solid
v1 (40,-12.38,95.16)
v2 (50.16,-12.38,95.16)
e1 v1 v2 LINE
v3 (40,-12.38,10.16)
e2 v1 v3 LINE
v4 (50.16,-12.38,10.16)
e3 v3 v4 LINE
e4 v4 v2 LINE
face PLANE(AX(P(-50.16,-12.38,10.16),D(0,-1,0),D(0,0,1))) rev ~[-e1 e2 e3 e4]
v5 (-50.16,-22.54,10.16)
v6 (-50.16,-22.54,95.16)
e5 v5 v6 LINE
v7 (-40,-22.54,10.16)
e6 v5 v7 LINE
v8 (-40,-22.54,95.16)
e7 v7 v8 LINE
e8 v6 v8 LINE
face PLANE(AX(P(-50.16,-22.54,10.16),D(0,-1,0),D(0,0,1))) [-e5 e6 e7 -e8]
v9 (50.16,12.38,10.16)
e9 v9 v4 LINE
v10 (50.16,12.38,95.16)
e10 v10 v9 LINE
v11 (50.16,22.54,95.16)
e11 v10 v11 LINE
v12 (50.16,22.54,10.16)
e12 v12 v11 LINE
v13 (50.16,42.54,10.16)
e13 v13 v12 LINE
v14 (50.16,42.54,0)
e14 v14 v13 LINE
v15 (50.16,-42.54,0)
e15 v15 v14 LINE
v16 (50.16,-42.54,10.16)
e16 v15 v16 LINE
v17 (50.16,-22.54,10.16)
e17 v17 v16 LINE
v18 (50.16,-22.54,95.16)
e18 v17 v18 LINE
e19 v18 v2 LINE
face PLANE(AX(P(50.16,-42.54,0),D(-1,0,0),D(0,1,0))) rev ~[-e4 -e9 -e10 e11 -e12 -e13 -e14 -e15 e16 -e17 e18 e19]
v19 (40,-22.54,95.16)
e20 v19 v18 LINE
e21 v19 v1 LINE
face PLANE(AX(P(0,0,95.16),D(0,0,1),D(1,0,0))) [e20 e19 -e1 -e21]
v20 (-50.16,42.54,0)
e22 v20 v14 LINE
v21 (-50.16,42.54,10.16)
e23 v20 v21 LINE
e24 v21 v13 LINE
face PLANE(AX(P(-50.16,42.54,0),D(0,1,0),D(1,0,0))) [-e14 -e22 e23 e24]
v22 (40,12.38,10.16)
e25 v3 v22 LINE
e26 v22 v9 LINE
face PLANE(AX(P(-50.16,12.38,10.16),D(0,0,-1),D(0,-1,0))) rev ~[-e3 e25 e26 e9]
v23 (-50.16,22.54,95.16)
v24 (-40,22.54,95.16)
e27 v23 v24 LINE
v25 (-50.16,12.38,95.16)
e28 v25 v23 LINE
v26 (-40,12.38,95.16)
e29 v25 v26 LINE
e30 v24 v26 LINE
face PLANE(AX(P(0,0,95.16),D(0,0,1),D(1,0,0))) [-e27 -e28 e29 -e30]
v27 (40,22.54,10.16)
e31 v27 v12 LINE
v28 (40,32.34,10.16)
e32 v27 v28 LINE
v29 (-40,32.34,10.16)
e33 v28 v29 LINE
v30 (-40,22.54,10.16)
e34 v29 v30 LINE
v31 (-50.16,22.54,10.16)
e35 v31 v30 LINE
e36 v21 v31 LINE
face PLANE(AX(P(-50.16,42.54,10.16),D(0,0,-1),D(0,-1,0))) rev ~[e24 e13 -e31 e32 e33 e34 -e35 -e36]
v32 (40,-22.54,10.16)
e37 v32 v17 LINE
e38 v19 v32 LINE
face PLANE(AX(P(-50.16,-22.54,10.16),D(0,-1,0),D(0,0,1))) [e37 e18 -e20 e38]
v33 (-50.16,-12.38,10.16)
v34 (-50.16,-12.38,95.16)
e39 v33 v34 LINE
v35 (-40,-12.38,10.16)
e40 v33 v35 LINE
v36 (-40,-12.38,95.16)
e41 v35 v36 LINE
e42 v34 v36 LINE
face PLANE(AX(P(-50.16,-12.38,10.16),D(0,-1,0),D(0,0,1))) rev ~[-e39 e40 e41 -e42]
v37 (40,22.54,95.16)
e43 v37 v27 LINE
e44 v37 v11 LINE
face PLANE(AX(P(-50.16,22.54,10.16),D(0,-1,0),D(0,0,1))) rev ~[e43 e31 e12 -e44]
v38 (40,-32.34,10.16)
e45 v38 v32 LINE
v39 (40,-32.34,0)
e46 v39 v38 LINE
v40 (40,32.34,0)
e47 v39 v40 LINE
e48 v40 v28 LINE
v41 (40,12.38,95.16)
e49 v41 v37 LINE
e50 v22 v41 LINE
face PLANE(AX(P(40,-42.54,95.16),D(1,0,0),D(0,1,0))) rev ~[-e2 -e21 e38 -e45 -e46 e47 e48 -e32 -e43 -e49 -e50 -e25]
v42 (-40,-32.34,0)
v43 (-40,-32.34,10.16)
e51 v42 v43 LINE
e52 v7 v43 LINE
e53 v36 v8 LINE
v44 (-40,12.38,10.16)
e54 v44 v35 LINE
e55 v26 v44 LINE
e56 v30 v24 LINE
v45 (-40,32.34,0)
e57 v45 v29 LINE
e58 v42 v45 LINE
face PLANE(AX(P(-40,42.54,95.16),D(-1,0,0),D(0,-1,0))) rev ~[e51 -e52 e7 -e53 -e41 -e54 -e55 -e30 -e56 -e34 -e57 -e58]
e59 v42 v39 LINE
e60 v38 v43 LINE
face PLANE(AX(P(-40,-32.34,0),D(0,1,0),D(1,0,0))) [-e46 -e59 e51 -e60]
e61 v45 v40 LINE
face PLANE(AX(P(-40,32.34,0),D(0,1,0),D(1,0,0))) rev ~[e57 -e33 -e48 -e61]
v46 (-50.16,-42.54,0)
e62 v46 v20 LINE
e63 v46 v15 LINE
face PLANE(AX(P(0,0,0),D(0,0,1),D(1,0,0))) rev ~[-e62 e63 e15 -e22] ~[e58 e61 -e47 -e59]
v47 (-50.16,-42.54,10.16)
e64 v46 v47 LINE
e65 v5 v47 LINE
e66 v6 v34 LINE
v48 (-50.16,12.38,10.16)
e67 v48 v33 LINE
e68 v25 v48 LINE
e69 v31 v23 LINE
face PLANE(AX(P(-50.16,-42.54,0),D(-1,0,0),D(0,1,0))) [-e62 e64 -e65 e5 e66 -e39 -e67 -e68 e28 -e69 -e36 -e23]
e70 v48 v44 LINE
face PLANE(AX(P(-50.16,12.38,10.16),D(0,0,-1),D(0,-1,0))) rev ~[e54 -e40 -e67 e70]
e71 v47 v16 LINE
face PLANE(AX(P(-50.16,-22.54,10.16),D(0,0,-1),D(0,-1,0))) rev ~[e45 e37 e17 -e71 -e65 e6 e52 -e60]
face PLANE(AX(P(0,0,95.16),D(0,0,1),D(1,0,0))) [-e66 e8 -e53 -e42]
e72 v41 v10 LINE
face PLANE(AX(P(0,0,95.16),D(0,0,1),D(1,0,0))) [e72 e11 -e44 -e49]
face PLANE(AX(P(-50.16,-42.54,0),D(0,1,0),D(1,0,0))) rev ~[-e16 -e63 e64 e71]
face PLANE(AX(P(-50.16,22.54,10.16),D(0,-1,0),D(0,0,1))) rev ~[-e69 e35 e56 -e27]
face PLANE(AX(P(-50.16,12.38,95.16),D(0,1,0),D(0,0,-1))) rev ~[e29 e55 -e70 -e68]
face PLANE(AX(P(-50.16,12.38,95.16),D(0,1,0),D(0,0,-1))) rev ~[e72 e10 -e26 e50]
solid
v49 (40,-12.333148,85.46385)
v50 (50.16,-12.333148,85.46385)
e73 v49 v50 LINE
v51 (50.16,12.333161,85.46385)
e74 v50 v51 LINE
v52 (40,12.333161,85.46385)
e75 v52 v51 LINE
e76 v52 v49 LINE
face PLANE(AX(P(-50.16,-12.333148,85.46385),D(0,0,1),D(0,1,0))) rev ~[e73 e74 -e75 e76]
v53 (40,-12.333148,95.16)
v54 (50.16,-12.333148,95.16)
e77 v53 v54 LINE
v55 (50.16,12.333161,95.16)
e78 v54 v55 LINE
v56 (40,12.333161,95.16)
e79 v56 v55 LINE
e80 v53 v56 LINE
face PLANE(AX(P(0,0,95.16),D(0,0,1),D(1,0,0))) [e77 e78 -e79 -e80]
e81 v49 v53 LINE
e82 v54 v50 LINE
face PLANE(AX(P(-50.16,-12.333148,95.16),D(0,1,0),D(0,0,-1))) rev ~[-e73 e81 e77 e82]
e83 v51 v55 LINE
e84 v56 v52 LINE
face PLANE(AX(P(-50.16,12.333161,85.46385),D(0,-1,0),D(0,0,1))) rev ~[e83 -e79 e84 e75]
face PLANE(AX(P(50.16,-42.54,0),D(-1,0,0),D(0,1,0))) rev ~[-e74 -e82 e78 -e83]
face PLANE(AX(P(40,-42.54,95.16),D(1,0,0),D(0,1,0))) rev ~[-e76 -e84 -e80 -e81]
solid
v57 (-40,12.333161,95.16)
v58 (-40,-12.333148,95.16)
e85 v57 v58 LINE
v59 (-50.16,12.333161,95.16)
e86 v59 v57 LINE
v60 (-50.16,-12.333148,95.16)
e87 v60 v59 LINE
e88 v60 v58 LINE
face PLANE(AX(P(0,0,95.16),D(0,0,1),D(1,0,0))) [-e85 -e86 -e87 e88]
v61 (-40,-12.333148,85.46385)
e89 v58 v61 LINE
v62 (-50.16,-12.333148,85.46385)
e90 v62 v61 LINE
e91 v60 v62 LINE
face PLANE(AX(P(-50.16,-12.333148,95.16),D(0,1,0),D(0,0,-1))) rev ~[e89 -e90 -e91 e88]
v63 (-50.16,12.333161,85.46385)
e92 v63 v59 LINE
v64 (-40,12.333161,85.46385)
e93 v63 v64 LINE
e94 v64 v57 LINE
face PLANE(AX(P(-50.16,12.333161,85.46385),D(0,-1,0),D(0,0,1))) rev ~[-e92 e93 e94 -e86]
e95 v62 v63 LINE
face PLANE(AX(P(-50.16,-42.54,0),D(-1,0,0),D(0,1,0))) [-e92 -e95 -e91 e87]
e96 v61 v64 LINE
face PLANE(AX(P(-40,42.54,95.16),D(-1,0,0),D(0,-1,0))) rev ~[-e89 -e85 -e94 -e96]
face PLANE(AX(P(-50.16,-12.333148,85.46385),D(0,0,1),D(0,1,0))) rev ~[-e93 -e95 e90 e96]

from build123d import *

# Parameters (mm, degrees)
F0_W     = 100.32
F0_H     = 85.08
F2_DEPTH = 95.16
F1_W     = 80
F1_H     = 64.68
F3_DEPTH = 85
F4_W     = 80
F4_H     = 10.2
F4_H_2   = 64.68
F5_DEPTH = 74.84
F6_W     = 20
F6_H     = 85
F7_DEPTH = 100.321


with BuildPart() as f2:
    # F0 (on Top) → F2 (new body)
    with BuildSketch(Plane.XY):
        Rectangle(F0_W, F0_H)
    extrude(amount=F2_DEPTH)

    # F1 (on face) → F3 (cut)
    with BuildSketch(Plane.XY):
        Rectangle(F1_W, F1_H)
    extrude(amount=F3_DEPTH, mode=Mode.SUBTRACT)

    # F4 (on face) → F5 (cut)
    with BuildSketch(Plane.XY.offset(95.16)):
        with Locations((0, -37.44)):
            Rectangle(F4_W, F4_H)
        with Locations((0, 37.44)):
            Rectangle(F4_W, F4_H)
        Rectangle(F4_W, F4_H_2)
    extrude(amount=-F5_DEPTH, mode=Mode.SUBTRACT)

    # F6 (on face) → F7 (cut, through all)
    with BuildSketch(Plane(origin=(-50.16, 0, 0), x_dir=(0, -1, 0), z_dir=(-1, 0, 0))):
        with Locations((-32.54, 52.66)):
            Rectangle(F6_W, F6_H)
        Polygon((-12.38, 95.16), (-12.38, 10.16), (12.38, 10.16), (12.38, 95.16), (12.333148, 95.16), (12.333148, 85.46385), (-12.333161, 85.46385), (-12.333161, 95.16), align=None)
        with Locations((32.54, 52.66)):
            Rectangle(F6_W, F6_H)
    extrude(amount=-F7_DEPTH, mode=Mode.SUBTRACT)


solid = f2.part
